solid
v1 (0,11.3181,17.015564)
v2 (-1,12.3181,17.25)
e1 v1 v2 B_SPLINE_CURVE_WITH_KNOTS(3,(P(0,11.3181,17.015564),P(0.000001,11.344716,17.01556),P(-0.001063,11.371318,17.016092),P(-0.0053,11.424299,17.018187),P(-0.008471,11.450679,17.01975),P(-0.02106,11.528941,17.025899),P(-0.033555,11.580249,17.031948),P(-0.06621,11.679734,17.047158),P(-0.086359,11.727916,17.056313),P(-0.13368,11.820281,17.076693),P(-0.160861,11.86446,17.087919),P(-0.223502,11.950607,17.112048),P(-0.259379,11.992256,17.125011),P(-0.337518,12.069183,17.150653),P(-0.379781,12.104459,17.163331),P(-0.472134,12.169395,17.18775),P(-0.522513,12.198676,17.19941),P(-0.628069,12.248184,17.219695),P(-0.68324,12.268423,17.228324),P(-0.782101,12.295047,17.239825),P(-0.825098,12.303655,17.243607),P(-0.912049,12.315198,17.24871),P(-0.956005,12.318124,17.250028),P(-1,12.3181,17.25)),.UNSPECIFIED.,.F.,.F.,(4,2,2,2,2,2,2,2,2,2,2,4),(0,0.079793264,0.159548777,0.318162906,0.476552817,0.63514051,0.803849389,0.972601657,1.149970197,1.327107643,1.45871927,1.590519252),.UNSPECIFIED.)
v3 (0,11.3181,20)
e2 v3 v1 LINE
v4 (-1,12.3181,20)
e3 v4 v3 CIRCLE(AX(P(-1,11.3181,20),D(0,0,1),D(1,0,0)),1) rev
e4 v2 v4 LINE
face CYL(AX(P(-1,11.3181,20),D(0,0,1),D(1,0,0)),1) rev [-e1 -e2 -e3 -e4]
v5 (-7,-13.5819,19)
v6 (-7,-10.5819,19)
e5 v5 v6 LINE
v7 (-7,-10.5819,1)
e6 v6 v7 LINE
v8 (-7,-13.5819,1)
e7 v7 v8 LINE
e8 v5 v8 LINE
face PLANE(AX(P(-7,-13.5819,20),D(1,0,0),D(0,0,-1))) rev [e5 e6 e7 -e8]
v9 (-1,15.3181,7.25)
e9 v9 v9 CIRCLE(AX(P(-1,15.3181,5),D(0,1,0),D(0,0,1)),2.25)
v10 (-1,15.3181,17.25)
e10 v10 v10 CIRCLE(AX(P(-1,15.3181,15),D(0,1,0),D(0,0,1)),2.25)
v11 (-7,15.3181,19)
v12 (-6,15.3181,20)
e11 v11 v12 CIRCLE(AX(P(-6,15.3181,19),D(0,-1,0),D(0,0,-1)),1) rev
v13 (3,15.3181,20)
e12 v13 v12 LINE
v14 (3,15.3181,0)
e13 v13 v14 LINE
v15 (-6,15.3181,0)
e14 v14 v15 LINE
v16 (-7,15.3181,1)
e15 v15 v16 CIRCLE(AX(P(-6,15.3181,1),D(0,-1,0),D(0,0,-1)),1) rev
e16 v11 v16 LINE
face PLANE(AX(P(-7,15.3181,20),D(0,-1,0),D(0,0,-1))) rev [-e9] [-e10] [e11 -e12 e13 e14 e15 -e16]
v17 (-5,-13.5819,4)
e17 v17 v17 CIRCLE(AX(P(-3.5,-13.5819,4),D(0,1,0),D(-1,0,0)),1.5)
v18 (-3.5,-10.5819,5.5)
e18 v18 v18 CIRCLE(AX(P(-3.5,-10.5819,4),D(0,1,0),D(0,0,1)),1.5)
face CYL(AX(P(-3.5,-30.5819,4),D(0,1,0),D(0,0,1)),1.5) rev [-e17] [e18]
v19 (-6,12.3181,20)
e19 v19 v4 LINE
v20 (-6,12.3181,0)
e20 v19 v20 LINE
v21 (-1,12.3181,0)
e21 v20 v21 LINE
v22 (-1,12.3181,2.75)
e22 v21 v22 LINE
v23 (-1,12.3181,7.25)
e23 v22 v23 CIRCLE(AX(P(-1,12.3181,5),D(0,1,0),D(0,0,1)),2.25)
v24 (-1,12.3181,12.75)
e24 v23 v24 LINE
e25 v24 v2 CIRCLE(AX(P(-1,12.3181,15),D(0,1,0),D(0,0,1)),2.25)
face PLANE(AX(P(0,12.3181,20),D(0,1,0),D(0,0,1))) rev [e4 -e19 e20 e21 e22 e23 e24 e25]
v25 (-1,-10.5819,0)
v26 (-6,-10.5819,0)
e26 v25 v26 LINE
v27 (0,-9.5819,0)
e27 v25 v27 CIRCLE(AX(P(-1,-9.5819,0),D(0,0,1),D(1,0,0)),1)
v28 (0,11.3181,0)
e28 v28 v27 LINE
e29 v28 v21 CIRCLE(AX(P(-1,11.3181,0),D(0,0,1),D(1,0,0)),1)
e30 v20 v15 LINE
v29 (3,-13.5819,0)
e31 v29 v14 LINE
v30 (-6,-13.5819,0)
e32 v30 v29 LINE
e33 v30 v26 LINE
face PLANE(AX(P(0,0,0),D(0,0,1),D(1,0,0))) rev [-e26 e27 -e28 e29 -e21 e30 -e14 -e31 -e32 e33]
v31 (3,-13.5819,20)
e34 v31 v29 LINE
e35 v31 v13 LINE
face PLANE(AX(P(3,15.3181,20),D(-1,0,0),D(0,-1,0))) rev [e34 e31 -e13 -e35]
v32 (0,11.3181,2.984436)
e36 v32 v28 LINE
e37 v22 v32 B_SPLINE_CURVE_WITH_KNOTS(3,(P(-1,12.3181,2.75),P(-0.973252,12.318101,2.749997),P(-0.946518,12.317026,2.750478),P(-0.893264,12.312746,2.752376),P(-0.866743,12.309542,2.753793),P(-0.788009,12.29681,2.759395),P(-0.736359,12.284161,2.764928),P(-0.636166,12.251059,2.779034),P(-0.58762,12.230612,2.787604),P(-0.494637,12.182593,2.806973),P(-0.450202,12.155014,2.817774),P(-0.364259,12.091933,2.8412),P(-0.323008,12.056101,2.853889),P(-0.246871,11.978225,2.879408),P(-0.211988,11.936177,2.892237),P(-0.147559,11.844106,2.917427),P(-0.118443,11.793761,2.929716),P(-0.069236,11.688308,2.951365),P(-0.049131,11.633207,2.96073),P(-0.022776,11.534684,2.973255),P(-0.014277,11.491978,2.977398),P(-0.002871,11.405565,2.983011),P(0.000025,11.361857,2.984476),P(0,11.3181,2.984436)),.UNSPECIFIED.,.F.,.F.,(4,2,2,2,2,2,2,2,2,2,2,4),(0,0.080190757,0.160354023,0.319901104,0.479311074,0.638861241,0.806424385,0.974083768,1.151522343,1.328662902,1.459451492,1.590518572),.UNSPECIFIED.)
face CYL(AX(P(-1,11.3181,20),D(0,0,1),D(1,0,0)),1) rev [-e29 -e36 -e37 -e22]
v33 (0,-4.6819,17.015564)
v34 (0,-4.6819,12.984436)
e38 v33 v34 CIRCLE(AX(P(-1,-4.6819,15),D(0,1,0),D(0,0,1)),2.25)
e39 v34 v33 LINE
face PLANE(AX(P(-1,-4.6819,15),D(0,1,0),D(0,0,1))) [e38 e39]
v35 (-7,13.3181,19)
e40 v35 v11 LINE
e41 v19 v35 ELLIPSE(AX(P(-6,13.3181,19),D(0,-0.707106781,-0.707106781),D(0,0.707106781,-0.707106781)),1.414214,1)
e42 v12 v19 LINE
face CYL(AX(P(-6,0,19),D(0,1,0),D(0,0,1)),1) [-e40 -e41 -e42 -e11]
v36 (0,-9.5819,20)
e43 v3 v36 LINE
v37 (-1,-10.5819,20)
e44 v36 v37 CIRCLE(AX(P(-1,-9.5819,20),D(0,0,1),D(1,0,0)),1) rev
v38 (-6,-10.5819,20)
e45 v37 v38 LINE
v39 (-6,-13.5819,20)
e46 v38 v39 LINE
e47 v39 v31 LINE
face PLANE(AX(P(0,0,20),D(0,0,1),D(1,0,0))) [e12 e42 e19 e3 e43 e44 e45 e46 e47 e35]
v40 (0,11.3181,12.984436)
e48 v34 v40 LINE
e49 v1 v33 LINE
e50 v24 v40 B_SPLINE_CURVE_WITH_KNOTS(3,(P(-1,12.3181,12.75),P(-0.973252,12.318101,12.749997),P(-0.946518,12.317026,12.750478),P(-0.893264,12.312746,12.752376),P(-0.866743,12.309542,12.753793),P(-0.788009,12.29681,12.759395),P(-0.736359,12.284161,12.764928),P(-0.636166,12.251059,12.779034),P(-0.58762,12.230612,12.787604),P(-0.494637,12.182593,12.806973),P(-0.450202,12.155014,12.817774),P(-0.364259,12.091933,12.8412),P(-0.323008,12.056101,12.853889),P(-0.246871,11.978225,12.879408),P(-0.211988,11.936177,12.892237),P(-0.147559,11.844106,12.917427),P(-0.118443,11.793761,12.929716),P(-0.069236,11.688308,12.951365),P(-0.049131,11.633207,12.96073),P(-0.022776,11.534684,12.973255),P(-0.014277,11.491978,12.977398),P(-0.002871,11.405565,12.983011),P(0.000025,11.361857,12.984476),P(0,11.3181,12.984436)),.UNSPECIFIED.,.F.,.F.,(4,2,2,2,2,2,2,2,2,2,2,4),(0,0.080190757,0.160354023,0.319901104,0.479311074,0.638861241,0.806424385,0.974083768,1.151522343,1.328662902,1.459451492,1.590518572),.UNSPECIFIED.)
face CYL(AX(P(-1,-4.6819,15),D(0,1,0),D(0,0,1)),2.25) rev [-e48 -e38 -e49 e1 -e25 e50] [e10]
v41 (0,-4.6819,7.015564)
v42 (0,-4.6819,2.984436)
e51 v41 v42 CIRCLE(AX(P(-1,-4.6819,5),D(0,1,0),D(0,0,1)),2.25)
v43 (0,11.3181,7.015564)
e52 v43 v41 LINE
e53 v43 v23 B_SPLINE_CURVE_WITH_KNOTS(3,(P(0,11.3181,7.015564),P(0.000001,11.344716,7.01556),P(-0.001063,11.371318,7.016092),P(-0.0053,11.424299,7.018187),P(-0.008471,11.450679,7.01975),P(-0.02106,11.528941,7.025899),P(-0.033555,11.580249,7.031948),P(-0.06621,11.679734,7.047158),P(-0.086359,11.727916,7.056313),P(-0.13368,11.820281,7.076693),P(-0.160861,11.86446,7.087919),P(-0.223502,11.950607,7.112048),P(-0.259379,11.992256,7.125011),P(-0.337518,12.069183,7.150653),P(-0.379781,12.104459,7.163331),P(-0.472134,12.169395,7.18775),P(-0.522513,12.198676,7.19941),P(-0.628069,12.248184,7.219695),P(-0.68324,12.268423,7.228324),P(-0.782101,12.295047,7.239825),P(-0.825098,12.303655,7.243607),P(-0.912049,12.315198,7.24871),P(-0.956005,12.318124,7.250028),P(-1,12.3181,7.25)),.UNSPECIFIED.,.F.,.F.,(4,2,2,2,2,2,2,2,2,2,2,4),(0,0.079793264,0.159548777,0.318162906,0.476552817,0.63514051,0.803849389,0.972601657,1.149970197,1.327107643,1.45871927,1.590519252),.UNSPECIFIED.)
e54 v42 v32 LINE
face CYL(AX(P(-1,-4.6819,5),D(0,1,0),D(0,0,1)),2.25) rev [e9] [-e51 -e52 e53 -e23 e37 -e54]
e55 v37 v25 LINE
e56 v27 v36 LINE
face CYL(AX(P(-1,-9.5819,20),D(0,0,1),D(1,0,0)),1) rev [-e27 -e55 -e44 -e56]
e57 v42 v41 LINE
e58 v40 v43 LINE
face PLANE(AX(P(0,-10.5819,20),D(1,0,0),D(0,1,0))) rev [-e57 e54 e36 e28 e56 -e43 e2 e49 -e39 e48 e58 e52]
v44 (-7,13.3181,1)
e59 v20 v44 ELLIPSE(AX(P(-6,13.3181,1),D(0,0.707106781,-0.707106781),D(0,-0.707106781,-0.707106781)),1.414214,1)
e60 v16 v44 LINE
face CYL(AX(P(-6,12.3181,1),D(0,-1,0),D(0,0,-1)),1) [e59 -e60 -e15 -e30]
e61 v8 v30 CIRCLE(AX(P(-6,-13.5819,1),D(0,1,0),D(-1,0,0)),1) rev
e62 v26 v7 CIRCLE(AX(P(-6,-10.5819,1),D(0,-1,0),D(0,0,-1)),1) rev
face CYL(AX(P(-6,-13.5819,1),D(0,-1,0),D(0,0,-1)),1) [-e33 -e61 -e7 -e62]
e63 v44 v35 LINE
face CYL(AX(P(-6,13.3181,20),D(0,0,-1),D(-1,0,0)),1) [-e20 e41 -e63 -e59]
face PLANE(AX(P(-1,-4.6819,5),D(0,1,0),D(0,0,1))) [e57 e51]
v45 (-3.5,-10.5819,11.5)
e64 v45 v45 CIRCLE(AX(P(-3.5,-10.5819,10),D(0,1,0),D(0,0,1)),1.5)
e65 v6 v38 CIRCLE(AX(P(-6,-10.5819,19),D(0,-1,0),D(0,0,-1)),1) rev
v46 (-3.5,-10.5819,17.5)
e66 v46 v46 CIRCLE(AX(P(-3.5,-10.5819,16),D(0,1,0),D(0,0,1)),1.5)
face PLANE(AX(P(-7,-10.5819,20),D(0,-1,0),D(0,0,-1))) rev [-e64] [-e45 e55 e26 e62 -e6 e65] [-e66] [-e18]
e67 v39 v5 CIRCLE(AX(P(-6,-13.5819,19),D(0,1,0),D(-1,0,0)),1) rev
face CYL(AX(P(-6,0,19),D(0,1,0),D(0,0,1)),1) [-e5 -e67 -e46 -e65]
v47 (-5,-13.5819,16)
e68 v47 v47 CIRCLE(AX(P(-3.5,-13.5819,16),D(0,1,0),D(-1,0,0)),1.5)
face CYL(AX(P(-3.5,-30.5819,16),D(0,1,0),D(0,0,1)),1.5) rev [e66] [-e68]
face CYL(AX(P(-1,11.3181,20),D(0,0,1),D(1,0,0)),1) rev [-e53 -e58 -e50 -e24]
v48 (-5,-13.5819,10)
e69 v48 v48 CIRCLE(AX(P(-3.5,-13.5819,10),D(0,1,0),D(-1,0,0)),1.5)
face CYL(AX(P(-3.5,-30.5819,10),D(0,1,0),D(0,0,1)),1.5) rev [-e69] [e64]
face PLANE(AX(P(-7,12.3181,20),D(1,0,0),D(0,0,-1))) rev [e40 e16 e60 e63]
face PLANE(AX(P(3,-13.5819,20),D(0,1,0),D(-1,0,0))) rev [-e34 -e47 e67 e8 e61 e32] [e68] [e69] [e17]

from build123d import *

# Parameters (mm, degrees)
BOSS_EXTRUDE1_DEPTH = 20
SKETCH2_R           = 2.25
CUT_EXTRUDE1_DEPTH  = 20
SKETCH3_R           = 1.5
CUT_EXTRUDE2_DEPTH  = 20
FILLET1_R           = 1
FILLET2_R           = 1


with BuildPart() as part:
    # Sketch1 → Boss-Extrude1 (new body)
    with BuildSketch(Plane.XY):
        Polygon((0, -10.581899729), (0, 12.318100271), (-7, 12.318100271), (-7, 15.318100271), (3, 15.318100271), (3, -13.581899729), (-7, -13.581899729), (-7, -10.581899729), align=None)
    extrude(amount=BOSS_EXTRUDE1_DEPTH)

    # Sketch2 → Cut-Extrude1 (cut)
    with BuildSketch(Plane(origin=(0, 15.318100271, 0), x_dir=(1, 0, 0), z_dir=(0, 1, 0))):
        with Locations((-1, -5)):
            Circle(SKETCH2_R)
        with Locations((-1, -15)):
            Circle(SKETCH2_R)
    extrude(amount=-CUT_EXTRUDE1_DEPTH, mode=Mode.SUBTRACT)

    # Sketch3 → Cut-Extrude2 (cut)
    with BuildSketch(Plane(origin=(0, -10.581899729, 0), x_dir=(1, 0, 0), z_dir=(0, 1, 0))):
        with Locations((-3.5, -4)):
            Circle(SKETCH3_R)
        with Locations((-3.5, -10)):
            Circle(SKETCH3_R)
        with Locations((-3.5, -16)):
            Circle(SKETCH3_R)
    extrude(amount=-CUT_EXTRUDE2_DEPTH, mode=Mode.SUBTRACT)

    # Fillet1
    fillet1_edges = [part.edges().sort_by_distance(p)[0] for p in [
        (-7, -12.081899729, 0),
        (0, -10.581899729, 10),
        (-7, 12.318100271, 10),
        (-7, 13.818100271, 20),
        (-7, -12.081899729, 20),
        (-7, 13.818100271, 0),
    ]]
    fillet(fillet1_edges, radius=FILLET1_R)

    # Fillet2
    fillet2_edges = [part.edges().sort_by_distance(p)[0] for p in [
        (0, 12.318100271, 18.507782219),
        (0, 12.318100271, 10),
        (0, 12.318100271, 1.492217781),
    ]]
    fillet(fillet2_edges, radius=FILLET2_R)


solid = part.part
